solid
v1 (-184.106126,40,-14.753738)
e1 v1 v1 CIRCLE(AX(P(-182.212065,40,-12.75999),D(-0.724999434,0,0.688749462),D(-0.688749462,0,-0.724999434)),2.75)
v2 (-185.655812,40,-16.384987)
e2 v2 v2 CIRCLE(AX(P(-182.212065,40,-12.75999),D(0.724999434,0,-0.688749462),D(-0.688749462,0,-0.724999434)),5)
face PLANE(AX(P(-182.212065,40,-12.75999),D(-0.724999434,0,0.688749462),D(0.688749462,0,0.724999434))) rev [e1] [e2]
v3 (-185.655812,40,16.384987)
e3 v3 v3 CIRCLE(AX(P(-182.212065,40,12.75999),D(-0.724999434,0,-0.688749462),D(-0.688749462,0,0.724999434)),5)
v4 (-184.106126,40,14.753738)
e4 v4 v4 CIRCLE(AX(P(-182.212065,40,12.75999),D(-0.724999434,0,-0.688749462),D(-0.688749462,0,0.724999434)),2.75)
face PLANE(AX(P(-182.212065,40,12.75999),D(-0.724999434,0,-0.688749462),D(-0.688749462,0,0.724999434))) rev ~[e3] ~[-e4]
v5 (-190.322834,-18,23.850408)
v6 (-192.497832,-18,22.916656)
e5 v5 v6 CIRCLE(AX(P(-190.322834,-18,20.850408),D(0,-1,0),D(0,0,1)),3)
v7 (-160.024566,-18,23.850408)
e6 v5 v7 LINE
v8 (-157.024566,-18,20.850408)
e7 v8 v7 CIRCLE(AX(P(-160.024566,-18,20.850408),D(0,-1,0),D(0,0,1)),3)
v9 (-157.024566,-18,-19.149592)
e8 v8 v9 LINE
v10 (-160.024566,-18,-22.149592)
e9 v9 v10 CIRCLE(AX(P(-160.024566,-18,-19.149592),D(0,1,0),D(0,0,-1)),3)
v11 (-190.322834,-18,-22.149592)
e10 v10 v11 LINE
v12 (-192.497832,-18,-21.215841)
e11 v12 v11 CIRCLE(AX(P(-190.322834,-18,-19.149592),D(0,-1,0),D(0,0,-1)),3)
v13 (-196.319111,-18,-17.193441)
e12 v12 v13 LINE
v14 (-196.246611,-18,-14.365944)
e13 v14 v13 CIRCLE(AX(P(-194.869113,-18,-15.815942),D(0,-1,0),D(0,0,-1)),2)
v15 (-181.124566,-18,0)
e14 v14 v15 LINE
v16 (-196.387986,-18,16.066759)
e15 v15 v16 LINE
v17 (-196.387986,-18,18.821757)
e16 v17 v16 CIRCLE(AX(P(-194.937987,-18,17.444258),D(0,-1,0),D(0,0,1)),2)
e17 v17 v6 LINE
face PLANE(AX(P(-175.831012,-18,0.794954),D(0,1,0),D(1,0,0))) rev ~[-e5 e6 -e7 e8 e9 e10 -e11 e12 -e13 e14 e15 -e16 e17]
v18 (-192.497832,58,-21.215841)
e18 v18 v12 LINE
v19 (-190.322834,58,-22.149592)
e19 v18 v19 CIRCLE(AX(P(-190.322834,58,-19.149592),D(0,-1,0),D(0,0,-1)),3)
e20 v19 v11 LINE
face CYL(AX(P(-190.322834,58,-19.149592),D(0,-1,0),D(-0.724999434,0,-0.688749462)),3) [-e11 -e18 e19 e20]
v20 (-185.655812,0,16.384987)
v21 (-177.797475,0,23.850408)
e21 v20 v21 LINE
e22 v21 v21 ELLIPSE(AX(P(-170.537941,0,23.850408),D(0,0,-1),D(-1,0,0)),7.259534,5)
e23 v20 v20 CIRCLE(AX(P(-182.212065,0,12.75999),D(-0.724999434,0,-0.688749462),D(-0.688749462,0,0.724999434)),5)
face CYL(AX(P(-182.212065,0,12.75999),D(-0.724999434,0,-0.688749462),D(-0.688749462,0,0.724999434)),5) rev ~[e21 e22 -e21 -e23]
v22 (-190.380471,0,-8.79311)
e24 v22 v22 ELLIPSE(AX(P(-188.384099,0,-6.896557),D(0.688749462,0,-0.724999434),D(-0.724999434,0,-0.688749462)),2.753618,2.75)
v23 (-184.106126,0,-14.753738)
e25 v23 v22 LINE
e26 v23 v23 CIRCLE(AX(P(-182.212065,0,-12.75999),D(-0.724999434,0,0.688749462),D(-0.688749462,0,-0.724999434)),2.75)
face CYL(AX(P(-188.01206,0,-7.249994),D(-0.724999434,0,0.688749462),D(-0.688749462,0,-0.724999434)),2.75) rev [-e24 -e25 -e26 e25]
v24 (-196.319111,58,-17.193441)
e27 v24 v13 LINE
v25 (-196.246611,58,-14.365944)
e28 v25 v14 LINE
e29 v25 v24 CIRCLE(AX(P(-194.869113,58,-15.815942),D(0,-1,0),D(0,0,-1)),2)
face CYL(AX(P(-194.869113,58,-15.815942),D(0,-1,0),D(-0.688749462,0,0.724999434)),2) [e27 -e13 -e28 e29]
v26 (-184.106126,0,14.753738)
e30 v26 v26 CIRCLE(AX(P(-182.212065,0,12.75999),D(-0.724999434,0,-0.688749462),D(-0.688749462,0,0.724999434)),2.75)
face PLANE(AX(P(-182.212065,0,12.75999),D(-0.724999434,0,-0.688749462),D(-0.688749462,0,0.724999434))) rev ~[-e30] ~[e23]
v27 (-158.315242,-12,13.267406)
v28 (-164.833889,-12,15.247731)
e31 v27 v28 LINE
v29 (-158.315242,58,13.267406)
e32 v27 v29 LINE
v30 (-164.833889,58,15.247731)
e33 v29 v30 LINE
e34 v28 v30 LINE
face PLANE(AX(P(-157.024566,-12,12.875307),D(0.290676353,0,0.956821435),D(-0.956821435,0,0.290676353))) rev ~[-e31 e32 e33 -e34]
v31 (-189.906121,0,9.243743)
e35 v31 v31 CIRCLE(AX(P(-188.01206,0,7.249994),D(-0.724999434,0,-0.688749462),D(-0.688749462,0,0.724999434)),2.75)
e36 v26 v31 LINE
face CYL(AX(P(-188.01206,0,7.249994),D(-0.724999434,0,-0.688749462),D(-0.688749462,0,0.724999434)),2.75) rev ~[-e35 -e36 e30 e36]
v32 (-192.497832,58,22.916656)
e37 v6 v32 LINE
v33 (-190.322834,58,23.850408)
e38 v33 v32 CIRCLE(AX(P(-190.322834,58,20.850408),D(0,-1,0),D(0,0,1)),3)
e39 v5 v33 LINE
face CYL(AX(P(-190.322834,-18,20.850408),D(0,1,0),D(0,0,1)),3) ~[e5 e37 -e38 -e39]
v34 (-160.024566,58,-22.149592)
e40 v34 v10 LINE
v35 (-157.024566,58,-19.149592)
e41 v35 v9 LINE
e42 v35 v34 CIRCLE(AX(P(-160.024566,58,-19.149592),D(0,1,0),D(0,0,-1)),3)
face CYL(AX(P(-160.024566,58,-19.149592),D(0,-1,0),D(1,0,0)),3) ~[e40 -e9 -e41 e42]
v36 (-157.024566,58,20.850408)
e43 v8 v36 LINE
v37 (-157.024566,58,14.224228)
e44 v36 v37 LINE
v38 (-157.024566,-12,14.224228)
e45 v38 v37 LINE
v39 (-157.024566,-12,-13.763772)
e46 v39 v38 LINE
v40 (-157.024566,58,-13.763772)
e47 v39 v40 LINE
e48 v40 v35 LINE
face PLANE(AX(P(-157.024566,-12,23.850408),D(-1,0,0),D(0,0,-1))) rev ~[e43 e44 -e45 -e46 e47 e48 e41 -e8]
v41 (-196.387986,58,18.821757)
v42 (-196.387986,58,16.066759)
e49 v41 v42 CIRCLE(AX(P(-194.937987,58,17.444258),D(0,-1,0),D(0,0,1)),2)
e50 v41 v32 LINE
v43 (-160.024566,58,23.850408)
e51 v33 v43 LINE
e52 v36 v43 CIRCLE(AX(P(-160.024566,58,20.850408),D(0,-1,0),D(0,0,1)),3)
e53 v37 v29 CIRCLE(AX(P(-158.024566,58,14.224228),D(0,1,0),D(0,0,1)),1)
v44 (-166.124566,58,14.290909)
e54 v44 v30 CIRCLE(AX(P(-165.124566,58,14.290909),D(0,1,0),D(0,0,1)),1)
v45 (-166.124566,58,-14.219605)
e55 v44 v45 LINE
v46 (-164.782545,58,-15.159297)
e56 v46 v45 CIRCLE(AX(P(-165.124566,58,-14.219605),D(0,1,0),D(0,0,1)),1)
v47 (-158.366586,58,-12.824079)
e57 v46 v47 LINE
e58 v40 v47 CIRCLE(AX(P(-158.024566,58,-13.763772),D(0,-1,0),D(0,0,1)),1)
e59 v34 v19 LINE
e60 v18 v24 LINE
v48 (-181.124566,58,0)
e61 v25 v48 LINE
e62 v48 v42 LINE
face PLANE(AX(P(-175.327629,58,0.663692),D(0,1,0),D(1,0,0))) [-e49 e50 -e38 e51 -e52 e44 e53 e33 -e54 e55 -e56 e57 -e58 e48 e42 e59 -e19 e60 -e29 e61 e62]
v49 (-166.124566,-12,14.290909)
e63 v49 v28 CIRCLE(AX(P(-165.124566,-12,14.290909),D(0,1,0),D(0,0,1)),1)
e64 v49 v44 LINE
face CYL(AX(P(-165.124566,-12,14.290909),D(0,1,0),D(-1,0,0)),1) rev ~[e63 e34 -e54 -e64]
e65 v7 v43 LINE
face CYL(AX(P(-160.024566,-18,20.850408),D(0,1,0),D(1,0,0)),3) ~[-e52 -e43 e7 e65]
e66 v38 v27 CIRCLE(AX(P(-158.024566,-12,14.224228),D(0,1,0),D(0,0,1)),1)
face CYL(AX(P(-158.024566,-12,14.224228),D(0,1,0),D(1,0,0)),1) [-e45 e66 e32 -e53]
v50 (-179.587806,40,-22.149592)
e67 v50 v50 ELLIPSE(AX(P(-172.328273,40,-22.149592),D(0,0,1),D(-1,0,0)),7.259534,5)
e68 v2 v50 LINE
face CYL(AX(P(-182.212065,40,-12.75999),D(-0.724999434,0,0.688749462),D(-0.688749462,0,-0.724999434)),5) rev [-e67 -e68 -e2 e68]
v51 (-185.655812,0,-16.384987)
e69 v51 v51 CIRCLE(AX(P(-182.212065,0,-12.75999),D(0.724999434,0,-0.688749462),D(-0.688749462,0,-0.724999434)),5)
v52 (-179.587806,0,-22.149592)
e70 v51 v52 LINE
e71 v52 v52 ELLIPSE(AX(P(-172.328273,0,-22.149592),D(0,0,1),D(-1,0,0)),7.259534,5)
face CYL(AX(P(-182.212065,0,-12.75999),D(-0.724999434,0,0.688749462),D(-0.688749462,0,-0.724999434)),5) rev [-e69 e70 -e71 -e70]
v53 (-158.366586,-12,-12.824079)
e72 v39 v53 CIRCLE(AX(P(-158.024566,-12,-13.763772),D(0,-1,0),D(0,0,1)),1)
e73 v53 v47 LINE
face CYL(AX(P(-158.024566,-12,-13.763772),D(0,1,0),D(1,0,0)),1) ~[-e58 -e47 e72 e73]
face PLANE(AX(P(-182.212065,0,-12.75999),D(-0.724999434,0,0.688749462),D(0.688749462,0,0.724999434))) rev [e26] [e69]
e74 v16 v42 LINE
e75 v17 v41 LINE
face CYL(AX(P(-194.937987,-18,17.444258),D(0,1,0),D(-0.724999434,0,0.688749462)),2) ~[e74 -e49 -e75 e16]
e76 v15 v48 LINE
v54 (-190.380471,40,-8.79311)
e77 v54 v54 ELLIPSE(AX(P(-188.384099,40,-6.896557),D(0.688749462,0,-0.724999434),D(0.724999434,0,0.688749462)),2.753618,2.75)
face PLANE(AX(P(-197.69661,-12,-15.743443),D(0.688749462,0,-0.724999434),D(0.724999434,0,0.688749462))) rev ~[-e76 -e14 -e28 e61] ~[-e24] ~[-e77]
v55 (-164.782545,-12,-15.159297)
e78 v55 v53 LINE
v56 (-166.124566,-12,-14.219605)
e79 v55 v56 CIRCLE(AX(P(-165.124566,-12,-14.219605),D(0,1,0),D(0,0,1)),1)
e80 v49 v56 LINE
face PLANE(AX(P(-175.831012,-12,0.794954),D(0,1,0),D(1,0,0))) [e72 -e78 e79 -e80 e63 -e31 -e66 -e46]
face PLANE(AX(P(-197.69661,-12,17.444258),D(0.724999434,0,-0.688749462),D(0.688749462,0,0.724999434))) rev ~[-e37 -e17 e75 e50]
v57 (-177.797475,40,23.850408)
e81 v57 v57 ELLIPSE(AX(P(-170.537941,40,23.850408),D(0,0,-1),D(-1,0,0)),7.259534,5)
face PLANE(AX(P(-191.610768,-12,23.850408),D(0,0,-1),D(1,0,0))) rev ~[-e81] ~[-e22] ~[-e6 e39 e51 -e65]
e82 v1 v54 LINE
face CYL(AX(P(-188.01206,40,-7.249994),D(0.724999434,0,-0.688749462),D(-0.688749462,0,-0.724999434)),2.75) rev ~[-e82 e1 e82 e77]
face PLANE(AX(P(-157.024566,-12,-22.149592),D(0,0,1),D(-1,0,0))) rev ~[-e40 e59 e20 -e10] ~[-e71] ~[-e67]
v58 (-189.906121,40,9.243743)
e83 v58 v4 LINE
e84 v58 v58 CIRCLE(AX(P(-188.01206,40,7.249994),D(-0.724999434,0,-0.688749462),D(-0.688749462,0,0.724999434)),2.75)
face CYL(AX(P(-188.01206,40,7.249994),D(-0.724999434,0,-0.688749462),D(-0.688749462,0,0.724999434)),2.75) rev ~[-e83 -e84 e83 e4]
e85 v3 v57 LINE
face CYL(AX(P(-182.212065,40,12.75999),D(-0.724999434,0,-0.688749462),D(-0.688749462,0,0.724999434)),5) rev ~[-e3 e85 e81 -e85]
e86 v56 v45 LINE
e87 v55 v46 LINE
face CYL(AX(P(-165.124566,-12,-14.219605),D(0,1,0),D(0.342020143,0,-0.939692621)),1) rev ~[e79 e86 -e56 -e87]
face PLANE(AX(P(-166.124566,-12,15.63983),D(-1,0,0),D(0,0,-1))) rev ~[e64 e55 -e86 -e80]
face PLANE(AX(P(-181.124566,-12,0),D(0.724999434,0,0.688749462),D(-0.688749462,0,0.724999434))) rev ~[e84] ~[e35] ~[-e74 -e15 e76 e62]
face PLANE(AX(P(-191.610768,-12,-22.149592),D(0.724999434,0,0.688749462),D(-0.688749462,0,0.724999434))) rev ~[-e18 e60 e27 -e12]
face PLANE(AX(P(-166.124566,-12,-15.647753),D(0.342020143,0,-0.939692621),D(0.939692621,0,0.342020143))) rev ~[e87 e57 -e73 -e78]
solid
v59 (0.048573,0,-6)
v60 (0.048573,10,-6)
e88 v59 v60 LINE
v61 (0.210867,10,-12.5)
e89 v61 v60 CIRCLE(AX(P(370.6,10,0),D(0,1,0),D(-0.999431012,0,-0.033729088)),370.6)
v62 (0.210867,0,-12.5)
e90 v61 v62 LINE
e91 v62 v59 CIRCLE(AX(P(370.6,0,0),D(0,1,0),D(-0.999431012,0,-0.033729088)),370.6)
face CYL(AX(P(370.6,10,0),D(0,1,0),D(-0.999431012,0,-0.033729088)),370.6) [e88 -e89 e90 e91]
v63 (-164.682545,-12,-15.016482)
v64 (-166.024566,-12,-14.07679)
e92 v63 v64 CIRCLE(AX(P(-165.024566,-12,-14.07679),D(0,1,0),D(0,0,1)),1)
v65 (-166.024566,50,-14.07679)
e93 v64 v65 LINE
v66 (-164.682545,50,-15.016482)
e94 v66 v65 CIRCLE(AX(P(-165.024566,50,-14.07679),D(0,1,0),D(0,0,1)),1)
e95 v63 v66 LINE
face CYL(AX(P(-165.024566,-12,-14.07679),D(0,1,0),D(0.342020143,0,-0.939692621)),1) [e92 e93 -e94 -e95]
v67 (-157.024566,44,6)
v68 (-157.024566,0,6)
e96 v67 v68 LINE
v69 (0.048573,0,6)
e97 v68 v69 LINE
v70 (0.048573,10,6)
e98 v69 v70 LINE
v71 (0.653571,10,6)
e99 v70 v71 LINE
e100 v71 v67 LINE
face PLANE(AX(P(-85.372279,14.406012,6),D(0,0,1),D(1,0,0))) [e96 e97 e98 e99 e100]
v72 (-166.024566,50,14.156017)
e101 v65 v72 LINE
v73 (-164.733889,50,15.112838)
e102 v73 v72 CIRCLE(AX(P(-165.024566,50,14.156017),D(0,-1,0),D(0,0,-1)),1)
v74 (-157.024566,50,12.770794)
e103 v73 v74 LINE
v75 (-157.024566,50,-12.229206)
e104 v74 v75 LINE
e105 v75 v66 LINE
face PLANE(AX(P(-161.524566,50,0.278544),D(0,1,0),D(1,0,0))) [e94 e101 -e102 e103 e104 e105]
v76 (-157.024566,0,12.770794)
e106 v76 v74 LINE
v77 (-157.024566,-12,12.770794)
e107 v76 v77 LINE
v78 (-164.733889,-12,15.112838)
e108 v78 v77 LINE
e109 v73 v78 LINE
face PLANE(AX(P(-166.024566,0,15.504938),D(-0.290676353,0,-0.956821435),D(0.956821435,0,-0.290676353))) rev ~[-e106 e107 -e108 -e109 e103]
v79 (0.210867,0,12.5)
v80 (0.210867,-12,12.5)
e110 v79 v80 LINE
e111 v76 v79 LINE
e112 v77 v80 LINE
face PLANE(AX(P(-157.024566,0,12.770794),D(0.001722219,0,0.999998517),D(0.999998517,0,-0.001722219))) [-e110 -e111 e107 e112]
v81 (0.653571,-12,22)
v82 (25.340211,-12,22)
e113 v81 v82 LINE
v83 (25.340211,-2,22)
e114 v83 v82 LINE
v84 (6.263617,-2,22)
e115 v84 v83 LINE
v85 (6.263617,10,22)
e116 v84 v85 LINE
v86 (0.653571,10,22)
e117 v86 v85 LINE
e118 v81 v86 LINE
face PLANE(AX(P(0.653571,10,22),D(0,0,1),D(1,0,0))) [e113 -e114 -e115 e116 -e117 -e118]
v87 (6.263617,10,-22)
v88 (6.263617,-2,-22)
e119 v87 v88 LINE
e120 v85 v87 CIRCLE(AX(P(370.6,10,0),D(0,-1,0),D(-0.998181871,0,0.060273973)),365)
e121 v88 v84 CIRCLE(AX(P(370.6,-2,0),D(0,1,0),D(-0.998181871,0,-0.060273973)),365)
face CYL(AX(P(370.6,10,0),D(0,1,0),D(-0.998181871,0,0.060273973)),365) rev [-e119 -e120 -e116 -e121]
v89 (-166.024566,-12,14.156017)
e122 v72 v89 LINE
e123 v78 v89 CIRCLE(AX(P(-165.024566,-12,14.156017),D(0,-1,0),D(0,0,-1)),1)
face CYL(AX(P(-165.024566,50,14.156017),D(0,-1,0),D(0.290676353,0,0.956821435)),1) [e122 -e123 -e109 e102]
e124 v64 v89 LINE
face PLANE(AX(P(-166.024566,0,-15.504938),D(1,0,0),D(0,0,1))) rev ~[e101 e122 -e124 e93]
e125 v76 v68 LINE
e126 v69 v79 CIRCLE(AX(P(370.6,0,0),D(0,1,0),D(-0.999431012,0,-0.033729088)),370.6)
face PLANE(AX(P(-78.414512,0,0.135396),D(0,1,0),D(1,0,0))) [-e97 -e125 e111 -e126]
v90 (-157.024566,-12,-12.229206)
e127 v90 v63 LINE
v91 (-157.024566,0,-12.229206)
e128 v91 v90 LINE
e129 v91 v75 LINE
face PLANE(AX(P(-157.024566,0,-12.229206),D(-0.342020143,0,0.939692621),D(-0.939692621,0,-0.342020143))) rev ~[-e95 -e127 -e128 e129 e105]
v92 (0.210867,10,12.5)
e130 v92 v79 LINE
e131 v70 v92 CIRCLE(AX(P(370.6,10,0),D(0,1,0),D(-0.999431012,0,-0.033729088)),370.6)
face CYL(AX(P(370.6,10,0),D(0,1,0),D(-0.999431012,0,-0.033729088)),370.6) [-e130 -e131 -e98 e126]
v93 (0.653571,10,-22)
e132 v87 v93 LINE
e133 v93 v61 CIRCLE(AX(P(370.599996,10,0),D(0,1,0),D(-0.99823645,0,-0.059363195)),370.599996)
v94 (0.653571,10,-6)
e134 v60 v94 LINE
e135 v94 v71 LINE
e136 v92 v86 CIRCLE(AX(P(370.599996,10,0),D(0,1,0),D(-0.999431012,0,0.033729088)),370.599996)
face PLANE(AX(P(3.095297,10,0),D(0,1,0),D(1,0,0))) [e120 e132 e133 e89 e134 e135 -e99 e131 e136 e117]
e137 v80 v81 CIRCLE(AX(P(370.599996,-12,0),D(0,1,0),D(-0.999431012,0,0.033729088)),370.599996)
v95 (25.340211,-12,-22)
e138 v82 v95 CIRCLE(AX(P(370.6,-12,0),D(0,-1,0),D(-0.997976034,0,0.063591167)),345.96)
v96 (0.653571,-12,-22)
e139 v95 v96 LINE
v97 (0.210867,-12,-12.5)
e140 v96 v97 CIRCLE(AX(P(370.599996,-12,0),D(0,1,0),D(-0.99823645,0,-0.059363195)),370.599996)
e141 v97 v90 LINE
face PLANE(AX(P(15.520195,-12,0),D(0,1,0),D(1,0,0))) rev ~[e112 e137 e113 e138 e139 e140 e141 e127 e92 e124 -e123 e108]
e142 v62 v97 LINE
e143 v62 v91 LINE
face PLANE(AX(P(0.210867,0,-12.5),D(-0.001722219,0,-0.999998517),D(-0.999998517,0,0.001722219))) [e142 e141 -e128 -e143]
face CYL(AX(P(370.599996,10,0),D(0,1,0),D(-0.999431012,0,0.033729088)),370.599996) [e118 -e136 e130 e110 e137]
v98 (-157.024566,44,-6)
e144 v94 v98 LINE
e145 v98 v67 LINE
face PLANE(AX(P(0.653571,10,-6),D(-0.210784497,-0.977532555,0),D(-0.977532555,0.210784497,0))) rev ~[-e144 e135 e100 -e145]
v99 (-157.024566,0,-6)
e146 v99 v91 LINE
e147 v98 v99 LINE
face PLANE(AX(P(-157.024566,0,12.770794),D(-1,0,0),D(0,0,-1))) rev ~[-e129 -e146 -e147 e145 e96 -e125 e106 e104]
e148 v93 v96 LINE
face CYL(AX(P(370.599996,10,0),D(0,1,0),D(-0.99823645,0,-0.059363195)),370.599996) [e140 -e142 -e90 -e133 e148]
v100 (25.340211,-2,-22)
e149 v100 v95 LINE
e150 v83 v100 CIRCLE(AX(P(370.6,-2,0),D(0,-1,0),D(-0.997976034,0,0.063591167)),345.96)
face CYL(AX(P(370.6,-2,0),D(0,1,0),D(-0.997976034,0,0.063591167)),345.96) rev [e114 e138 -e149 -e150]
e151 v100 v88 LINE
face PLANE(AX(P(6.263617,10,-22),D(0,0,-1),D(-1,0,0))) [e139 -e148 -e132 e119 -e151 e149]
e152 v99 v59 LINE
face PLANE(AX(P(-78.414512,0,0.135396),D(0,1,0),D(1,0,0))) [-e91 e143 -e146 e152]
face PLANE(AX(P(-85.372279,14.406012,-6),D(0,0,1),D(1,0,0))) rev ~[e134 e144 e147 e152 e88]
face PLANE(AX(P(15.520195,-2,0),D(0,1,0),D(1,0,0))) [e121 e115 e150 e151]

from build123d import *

# Parameters (mm, degrees)
BOSS_EXTRUDE2_DEPTH       = 12
BOSS_EXTRUDE3_START       = -2
BOSS_EXTRUDE3_DEPTH       = 10
BOSS_EXTRUDE4_START       = 10
BOSS_EXTRUDE4_DEPTH       = 22
BOSS_EXTRUDE5_START       = -12
BOSS_EXTRUDE5_DEPTH       = 6
BOSS_EXTRUDE6_START       = -12
BOSS_EXTRUDE6_DEPTH       = 70
BOSS_EXTRUDE7_DEPTH       = 50
BOSS_EXTRUDE17_DEPTH      = 6
BOSS_EXTRUDE17_DEPTH_BACK = 6
CUT_EXTRUDE1_START        = -8
SKETCH5_R                 = 5
CUT_EXTRUDE1_DEPTH        = 168.948348154
SKETCH5_3_R               = 2.75
CUT_EXTRUDE2_DEPTH        = 176.948348154
FILLET1_R                 = 1
FILLET2_R                 = 1
FILLET3_R                 = 3
FILLET4_R                 = 2


with BuildPart() as part:
    # Sketch2 → Boss-Extrude2 (new body)
    with BuildSketch(Plane(origin=(0, 0, 0), x_dir=(1, 0, 0), z_dir=(0, 1, 0))):
        with BuildLine():
            Line((0.21086679, 12.5), (-157.02456554, 12.229205734))
            Line((-157.02456554, 12.229205734), (-157.02456554, -12.770794266))
            Line((-157.02456554, -12.770794266), (0.21086679, -12.5))
            ThreePointArc((0.21086679, -12.5), (0, 0), (0.21086679, 12.5))
        make_face()
        Polygon((-157.02456554, 12.229205734), (-166.02456554, 12.213705739), (-166.02456554, -12.786294261), (-157.02456554, -12.770794266), align=None)
        Polygon((-157.02456554, -12.770794266), (-166.02456554, -12.786294261), (-166.02456554, -15.504937842), align=None)
        Polygon((-166.02456554, 15.504937842), (-166.02456554, 12.213705739), (-157.02456554, 12.229205734), align=None)
        with BuildLine():
            ThreePointArc((0.653571446, 22), (0.401744327, 17.25142014), (0.21086679, 12.5))
            ThreePointArc((0.21086679, 12.5), (0, 0), (0.21086679, -12.5))
            ThreePointArc((0.21086679, -12.5), (0.401744327, -17.25142014), (0.653571446, -22))
            Line((0.653571446, -22), (6.263616969, -22))
            ThreePointArc((6.263616969, -22), (5.6, 0), (6.263616969, 22))
            Line((6.263616969, 22), (0.653571446, 22))
        make_face()
    extrude(amount=-BOSS_EXTRUDE2_DEPTH)

    # Sketch2<5> → Boss-Extrude3 (add)
    with BuildSketch(Plane(origin=(0, 0, 0), x_dir=(1, 0, 0), z_dir=(0, 1, 0)).offset(BOSS_EXTRUDE3_START)):
        with BuildLine():
            Line((25.340211435, 22), (6.263616969, 22))
            ThreePointArc((6.263616969, 22), (5.6, 0), (6.263616969, -22))
            Line((6.263616969, -22), (25.340211435, -22))
            ThreePointArc((25.340211435, -22), (24.64, 0), (25.340211435, 22))
        make_face()
    extrude(amount=-BOSS_EXTRUDE3_DEPTH)

    # Sketch2<6> → Boss-Extrude4 (add)
    with BuildSketch(Plane(origin=(0, 0, 0), x_dir=(1, 0, 0), z_dir=(0, 1, 0)).offset(BOSS_EXTRUDE4_START)):
        with BuildLine():
            ThreePointArc((0.653571446, 22), (0.401744327, 17.25142014), (0.21086679, 12.5))
            ThreePointArc((0.21086679, 12.5), (0, 0), (0.21086679, -12.5))
            ThreePointArc((0.21086679, -12.5), (0.401744327, -17.25142014), (0.653571446, -22))
            Line((0.653571446, -22), (6.263616969, -22))
            ThreePointArc((6.263616969, -22), (5.6, 0), (6.263616969, 22))
            Line((6.263616969, 22), (0.653571446, 22))
        make_face()
    extrude(amount=-BOSS_EXTRUDE4_DEPTH)

    # Sketch2<9> → Boss-Extrude7 (add)
    with BuildSketch(Plane(origin=(0, 0, 0), x_dir=(1, 0, 0), z_dir=(0, 1, 0))):
        Polygon((-157.02456554, 12.229205734), (-166.02456554, 12.213705739), (-166.02456554, -12.786294261), (-157.02456554, -12.770794266), align=None)
        Polygon((-166.02456554, 15.504937842), (-166.02456554, 12.213705739), (-157.02456554, 12.229205734), align=None)
        Polygon((-157.02456554, -12.770794266), (-166.02456554, -12.786294261), (-166.02456554, -15.504937842), align=None)
    extrude(amount=BOSS_EXTRUDE7_DEPTH)

    # Sketch4 → Boss-Extrude17 (add, two sides: drawn at the far end of the back side and taken through both)
    with BuildSketch(Plane.XY.offset(-BOSS_EXTRUDE17_DEPTH_BACK)):
        Polygon((0.653571446, 10), (-157.02456554, 44), (-157.02456554, 0), (0.653571446, 0), align=None)
    extrude(amount=BOSS_EXTRUDE17_DEPTH + BOSS_EXTRUDE17_DEPTH_BACK)

    # Fillet2
    fillet2_edges = [part.edges().sort_by_distance(p)[0] for p in [
        (-166.02456554, 19, 15.504937842),
        (-166.02456554, 19, -15.504937842),
    ]]
    fillet(fillet2_edges, radius=FILLET2_R)


with BuildPart() as body_2:
    # Sketch2<7> → Boss-Extrude5 (new body)
    with BuildSketch(Plane(origin=(0, 0, 0), x_dir=(1, 0, 0), z_dir=(0, 1, 0)).offset(BOSS_EXTRUDE5_START)):
        Polygon((-157.02456554, -23.850407561), (-157.02456554, 22.149592439), (-191.610767905, 22.149592439), (-197.696610314, 15.743442535), (-181.12456554, 0), (-197.696610314, -17.444257657), (-191.610767905, -23.850407561), align=None)
    extrude(amount=-BOSS_EXTRUDE5_DEPTH)

    # Sketch2<8> → Boss-Extrude6 (add)
    with BuildSketch(Plane(origin=(0, 0, 0), x_dir=(1, 0, 0), z_dir=(0, 1, 0)).offset(BOSS_EXTRUDE6_START)):
        Polygon((-197.696610314, 15.743442535), (-181.12456554, 0), (-197.696610314, -17.444257657), (-191.610767905, -23.850407561), (-157.02456554, -23.850407561), (-157.02456554, -12.875306975), (-166.12456554, -15.639829924), (-166.12456554, 15.647752643), (-157.02456554, 12.335623511), (-157.02456554, 22.149592439), (-191.610767905, 22.149592439), align=None)
    extrude(amount=BOSS_EXTRUDE6_DEPTH)

    # Sketch5 → Cut-Extrude1 (cut, through all)
    with BuildSketch(Plane(origin=(-95.203451007, 0, -90.443278456), x_dir=(-0.6887494619146907, 0, 0.724999433594416), z_dir=(-0.724999433594416, 0, -0.6887494619146907)).offset(CUT_EXTRUDE1_START)):
        with Locations((134.749447055, 40)):
            Circle(SKETCH5_R)
        with Locations((134.749447055, 0)):
            Circle(SKETCH5_R)
    cut_extrude1 = extrude(amount=-CUT_EXTRUDE1_DEPTH, mode=Mode.SUBTRACT)

    # Sketch5<3> → Cut-Extrude2 (cut, symmetric)
    with BuildSketch(Plane(origin=(-95.203451007, 0, -90.443278456), x_dir=(-0.6887494619146907, 0, 0.724999433594416), z_dir=(-0.724999433594416, 0, -0.6887494619146907))):
        with Locations((134.749447055, 40)):
            Circle(SKETCH5_3_R)
        with Locations((134.749447055, 0)):
            Circle(SKETCH5_3_R)
    cut_extrude2 = extrude(amount=CUT_EXTRUDE2_DEPTH, both=True, mode=Mode.SUBTRACT)

    # Mirror1: Cut-Extrude1, Cut-Extrude2 across plane
    add(cut_extrude1.mirror(Plane.XY), mode=Mode.SUBTRACT)
    add(cut_extrude2.mirror(Plane.XY), mode=Mode.SUBTRACT)

    # Fillet1
    fillet1_edges = [body_2.edges().sort_by_distance(p)[0] for p in [
        (-157.02456554, 23, 12.875306975),
        (-166.12456554, 23, 15.639829924),
        (-166.12456554, 23, -15.647752643),
        (-157.02456554, 23, -12.335623511),
    ]]
    fillet(fillet1_edges, radius=FILLET1_R)

    # Fillet3
    fillet3_edges = [body_2.edges().sort_by_distance(p)[0] for p in [
        (-157.02456554, 20, 23.850407561),
        (-157.02456554, 20, -22.149592439),
        (-191.610767905, 20, -22.149592439),
        (-191.610767905, 20, 23.850407561),
    ]]
    fillet(fillet3_edges, radius=FILLET3_R)

    # Fillet4
    fillet4_edges = [body_2.edges().sort_by_distance(p)[0] for p in [
        (-197.696610314, 20, -15.743442535),
        (-197.696610314, 20, 17.444257657),
    ]]
    fillet(fillet4_edges, radius=FILLET4_R)


solid = Compound([part.part, body_2.part])
